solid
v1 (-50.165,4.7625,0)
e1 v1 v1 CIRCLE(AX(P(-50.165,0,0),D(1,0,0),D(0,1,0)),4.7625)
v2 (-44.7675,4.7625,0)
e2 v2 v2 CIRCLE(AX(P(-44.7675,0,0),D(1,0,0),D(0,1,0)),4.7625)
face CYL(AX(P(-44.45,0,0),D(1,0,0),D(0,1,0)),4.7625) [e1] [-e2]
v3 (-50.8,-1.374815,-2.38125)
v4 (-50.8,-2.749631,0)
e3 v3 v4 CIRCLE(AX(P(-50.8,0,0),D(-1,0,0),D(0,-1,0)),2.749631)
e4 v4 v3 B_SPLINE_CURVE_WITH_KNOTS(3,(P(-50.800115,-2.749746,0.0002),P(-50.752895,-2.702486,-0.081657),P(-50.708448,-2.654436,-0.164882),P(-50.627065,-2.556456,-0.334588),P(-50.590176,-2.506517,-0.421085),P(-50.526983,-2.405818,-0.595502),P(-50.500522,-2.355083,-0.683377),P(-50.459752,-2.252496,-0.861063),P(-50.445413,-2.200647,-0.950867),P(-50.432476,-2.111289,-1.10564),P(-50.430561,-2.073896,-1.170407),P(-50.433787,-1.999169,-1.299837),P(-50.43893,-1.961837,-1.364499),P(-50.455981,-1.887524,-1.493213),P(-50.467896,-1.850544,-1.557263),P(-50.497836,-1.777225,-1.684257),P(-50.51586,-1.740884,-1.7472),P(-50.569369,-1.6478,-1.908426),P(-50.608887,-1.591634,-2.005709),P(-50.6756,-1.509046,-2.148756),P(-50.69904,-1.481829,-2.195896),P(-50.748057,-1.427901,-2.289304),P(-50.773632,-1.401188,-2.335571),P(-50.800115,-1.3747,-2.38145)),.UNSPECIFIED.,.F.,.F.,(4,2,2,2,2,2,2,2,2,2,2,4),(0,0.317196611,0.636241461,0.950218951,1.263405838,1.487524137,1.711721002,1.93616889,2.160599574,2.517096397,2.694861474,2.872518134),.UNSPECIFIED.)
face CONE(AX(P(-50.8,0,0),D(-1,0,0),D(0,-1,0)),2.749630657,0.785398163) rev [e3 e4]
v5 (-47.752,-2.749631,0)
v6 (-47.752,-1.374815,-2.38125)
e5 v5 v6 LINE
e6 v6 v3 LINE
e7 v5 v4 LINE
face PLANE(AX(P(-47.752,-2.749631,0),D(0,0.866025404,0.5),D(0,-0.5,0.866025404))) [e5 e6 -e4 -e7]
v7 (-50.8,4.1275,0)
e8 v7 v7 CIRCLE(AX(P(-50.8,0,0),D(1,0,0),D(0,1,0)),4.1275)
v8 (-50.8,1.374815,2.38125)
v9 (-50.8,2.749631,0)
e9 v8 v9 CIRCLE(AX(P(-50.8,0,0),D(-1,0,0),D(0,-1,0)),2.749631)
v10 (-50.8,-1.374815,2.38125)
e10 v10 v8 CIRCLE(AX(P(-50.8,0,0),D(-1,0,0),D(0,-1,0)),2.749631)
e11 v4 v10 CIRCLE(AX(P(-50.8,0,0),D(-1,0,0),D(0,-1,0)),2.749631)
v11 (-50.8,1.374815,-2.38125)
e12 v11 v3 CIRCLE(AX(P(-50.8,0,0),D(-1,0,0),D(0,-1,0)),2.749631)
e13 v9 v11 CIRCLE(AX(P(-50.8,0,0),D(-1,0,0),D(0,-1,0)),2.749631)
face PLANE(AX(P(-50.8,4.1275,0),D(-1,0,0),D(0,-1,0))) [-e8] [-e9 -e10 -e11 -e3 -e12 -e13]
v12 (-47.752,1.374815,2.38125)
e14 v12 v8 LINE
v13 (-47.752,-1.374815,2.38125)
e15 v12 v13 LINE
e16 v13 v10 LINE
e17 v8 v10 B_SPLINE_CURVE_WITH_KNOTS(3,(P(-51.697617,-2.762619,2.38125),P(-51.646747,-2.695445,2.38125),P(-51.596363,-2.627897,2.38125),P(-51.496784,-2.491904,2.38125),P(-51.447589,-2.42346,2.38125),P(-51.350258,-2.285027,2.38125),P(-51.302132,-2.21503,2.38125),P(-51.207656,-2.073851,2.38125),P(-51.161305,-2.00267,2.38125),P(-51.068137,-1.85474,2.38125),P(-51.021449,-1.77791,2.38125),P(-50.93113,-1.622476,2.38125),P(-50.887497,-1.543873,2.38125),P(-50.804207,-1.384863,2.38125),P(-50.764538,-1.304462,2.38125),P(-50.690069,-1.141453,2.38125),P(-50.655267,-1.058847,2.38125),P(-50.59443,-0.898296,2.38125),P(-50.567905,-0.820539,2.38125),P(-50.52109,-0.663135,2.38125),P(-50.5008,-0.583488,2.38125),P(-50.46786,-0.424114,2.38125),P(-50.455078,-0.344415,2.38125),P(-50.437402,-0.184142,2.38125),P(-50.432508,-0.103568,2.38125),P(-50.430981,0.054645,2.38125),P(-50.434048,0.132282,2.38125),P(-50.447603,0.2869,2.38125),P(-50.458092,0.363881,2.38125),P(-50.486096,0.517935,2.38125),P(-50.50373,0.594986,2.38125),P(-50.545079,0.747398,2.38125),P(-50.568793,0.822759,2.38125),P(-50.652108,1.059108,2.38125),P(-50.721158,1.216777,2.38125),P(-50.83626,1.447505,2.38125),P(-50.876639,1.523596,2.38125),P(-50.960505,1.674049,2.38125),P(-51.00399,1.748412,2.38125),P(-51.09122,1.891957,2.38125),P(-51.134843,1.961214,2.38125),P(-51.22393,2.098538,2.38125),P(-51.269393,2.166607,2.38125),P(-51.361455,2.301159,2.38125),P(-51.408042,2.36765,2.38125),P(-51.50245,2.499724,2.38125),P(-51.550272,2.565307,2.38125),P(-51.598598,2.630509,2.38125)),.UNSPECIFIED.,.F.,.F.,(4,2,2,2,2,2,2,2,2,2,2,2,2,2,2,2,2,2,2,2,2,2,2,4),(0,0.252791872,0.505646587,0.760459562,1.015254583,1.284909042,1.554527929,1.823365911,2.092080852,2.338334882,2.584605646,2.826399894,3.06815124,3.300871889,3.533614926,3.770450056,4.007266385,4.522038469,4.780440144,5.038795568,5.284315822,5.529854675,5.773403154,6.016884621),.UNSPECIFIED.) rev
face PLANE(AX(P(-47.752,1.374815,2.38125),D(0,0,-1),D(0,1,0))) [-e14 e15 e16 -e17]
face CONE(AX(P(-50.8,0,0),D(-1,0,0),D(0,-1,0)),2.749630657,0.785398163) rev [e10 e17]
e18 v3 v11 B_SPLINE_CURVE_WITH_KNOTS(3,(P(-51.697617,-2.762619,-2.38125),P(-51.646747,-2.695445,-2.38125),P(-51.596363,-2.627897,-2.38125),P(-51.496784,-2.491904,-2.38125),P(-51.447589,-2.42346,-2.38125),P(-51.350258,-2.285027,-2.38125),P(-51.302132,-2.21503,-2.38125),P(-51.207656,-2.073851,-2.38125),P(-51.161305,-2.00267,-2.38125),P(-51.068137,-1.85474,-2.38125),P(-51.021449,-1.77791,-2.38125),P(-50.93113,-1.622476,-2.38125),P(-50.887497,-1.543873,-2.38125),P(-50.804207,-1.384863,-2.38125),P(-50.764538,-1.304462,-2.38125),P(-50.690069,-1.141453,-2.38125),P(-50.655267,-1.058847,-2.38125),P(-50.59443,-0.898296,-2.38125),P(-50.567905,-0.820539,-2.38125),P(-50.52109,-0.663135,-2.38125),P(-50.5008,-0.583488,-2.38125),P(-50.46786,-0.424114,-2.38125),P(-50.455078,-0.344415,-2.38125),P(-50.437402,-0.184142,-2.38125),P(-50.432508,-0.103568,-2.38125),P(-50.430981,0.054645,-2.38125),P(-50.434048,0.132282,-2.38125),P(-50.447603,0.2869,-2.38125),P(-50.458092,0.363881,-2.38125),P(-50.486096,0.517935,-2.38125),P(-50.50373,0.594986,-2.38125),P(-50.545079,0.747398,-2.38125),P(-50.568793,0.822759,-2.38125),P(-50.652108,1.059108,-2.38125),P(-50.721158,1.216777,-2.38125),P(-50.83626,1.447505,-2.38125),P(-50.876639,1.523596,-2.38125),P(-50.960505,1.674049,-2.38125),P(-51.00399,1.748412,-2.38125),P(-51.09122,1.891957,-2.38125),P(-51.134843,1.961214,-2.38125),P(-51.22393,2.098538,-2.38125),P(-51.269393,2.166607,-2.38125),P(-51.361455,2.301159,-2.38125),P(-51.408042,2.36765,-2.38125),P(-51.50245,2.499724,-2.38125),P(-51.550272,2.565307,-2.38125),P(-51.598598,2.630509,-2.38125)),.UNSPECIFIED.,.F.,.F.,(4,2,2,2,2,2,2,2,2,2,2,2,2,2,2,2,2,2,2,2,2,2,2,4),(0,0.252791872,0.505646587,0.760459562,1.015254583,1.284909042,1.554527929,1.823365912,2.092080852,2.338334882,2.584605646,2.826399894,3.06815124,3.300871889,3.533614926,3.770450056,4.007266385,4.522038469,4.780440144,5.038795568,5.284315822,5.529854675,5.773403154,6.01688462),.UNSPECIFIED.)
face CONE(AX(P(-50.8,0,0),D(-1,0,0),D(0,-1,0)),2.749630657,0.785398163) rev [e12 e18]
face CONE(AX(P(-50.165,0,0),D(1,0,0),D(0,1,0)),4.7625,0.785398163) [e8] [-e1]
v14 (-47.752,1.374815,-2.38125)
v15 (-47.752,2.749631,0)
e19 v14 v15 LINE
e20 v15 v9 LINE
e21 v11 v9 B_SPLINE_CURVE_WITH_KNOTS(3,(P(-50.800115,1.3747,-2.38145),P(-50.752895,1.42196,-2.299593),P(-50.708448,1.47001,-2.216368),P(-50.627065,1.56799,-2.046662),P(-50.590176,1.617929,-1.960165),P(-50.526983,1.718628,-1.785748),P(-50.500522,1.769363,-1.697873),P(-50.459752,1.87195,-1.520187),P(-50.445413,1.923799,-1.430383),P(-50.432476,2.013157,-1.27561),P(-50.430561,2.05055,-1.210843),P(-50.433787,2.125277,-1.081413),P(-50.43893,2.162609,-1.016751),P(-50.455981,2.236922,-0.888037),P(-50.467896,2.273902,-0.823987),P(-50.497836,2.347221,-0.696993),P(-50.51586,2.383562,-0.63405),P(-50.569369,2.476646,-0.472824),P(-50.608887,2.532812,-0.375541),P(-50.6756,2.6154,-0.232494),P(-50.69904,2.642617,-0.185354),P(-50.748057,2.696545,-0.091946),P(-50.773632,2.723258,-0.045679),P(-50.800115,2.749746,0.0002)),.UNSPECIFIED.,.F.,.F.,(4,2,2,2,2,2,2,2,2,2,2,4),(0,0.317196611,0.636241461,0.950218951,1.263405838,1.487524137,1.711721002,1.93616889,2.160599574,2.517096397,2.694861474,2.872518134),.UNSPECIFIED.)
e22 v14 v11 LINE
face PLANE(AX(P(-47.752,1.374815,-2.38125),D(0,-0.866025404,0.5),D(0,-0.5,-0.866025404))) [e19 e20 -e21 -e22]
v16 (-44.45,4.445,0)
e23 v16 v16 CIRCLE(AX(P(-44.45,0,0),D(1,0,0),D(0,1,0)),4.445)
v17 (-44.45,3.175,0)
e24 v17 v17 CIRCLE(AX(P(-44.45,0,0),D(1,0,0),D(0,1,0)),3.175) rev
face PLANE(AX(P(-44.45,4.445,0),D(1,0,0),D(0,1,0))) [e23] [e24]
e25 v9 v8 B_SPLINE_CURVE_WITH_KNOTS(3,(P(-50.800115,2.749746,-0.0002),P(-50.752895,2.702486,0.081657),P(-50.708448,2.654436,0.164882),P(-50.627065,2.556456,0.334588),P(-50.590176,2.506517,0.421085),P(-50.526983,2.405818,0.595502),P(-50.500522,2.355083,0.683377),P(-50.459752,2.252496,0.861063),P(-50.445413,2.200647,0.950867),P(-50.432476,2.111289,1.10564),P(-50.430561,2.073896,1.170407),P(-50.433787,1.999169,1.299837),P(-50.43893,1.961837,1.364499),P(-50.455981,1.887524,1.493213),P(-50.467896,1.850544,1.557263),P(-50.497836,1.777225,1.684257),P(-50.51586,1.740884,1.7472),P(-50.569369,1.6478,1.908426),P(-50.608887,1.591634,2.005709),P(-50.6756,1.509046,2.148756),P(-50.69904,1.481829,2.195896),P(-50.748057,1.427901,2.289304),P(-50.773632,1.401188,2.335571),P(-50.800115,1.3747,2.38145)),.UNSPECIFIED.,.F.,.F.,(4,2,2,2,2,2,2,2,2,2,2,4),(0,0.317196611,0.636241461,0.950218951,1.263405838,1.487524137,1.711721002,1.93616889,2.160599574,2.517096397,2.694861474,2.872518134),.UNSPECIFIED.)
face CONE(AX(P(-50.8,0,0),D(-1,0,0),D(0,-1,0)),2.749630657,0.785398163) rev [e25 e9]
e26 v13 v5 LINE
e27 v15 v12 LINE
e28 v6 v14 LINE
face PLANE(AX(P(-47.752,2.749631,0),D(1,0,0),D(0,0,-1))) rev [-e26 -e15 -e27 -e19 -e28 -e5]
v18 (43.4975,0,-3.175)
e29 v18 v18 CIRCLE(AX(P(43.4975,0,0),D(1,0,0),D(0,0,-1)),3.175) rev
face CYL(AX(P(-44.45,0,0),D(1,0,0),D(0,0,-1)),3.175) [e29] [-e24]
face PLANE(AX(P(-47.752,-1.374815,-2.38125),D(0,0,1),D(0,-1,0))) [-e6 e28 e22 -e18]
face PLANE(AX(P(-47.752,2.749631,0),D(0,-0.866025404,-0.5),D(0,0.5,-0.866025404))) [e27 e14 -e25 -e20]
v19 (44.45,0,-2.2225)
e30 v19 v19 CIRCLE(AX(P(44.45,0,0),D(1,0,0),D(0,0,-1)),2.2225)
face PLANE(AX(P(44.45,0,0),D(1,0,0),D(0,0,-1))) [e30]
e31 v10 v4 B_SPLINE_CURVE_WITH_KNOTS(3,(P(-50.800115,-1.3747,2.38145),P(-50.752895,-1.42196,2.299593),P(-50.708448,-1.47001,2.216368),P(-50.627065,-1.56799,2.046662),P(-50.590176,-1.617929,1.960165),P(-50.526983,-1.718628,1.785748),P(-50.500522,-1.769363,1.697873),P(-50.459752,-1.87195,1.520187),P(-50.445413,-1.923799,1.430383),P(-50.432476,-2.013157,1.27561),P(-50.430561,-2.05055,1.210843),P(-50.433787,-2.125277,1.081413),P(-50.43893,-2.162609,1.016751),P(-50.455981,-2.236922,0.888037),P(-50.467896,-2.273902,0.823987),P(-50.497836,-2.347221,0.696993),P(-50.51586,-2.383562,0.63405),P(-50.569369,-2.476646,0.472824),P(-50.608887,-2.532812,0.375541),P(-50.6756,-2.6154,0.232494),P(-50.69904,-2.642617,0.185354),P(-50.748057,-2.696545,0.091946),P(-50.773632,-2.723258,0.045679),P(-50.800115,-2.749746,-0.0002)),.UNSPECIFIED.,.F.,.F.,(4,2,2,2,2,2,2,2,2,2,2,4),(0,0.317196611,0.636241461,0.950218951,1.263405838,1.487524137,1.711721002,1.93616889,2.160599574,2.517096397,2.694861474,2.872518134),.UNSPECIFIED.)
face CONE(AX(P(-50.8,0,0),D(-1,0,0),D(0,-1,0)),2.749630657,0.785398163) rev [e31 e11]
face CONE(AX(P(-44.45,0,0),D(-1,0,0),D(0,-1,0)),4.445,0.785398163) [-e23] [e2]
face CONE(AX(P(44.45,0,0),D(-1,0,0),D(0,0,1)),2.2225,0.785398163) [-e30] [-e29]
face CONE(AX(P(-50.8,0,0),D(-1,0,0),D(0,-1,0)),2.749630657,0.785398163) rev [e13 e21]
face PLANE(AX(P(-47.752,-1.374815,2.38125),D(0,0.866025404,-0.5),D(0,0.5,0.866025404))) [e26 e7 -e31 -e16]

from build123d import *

# Parameters (mm, degrees)
SKETCH2_R           = 3.175
BOSS_EXTRUDE1_DEPTH = 88.9
CHAMFER1_SIZE       = 0.9525
CUT_EXTRUDE1_DEPTH  = 3.048
SKETCH8_R           = 2.749630657
CUT_EXTRUDE2_DEPTH  = 1.27
CUT_EXTRUDE2_TAPER  = 45


with BuildPart() as part:
    # Sketch2 → Boss-Extrude1 (new body)
    with BuildSketch(Plane(origin=(44.45, 0, 0), x_dir=(0, 0, -1), z_dir=(1, 0, 0))):
        Circle(SKETCH2_R)
    extrude(amount=-BOSS_EXTRUDE1_DEPTH)

    # Chamfer1
    chamfer1_edges = [part.edges().sort_by_distance(p)[0] for p in [
        (44.45, 0, 3.175),
    ]]
    chamfer(chamfer1_edges, length=CHAMFER1_SIZE)

    # Sketch6 → Revolve1 (revolve)
    with BuildSketch(Plane.XY):
        Polygon((-50.165, 4.7625), (-50.8, 4.1275), (-50.8, 0), (-44.45, 0), (-44.45, 4.445), (-44.7675, 4.7625), align=None)
    revolve(axis=Axis((-44.45, 0, 0), (-1, 0, 0)))

    # Sketch4 → Cut-Extrude1 (cut)
    with BuildSketch(Plane(origin=(-50.8, 0, 0), x_dir=(0, 0, -1), z_dir=(1, 0, 0))):
        Polygon((0, 2.749630657), (-2.38125, 1.374815329), (-2.38125, -1.374815329), (0, -2.749630657), (2.38125, -1.374815329), (2.38125, 1.374815329), align=None)
    extrude(amount=CUT_EXTRUDE1_DEPTH, mode=Mode.SUBTRACT)

    # Sketch8 → Cut-Extrude2 (cut)
    with BuildSketch(Plane.ZY.offset(50.8)):
        Circle(SKETCH8_R)
    extrude(amount=-CUT_EXTRUDE2_DEPTH, taper=CUT_EXTRUDE2_TAPER, mode=Mode.SUBTRACT)


solid = part.part
